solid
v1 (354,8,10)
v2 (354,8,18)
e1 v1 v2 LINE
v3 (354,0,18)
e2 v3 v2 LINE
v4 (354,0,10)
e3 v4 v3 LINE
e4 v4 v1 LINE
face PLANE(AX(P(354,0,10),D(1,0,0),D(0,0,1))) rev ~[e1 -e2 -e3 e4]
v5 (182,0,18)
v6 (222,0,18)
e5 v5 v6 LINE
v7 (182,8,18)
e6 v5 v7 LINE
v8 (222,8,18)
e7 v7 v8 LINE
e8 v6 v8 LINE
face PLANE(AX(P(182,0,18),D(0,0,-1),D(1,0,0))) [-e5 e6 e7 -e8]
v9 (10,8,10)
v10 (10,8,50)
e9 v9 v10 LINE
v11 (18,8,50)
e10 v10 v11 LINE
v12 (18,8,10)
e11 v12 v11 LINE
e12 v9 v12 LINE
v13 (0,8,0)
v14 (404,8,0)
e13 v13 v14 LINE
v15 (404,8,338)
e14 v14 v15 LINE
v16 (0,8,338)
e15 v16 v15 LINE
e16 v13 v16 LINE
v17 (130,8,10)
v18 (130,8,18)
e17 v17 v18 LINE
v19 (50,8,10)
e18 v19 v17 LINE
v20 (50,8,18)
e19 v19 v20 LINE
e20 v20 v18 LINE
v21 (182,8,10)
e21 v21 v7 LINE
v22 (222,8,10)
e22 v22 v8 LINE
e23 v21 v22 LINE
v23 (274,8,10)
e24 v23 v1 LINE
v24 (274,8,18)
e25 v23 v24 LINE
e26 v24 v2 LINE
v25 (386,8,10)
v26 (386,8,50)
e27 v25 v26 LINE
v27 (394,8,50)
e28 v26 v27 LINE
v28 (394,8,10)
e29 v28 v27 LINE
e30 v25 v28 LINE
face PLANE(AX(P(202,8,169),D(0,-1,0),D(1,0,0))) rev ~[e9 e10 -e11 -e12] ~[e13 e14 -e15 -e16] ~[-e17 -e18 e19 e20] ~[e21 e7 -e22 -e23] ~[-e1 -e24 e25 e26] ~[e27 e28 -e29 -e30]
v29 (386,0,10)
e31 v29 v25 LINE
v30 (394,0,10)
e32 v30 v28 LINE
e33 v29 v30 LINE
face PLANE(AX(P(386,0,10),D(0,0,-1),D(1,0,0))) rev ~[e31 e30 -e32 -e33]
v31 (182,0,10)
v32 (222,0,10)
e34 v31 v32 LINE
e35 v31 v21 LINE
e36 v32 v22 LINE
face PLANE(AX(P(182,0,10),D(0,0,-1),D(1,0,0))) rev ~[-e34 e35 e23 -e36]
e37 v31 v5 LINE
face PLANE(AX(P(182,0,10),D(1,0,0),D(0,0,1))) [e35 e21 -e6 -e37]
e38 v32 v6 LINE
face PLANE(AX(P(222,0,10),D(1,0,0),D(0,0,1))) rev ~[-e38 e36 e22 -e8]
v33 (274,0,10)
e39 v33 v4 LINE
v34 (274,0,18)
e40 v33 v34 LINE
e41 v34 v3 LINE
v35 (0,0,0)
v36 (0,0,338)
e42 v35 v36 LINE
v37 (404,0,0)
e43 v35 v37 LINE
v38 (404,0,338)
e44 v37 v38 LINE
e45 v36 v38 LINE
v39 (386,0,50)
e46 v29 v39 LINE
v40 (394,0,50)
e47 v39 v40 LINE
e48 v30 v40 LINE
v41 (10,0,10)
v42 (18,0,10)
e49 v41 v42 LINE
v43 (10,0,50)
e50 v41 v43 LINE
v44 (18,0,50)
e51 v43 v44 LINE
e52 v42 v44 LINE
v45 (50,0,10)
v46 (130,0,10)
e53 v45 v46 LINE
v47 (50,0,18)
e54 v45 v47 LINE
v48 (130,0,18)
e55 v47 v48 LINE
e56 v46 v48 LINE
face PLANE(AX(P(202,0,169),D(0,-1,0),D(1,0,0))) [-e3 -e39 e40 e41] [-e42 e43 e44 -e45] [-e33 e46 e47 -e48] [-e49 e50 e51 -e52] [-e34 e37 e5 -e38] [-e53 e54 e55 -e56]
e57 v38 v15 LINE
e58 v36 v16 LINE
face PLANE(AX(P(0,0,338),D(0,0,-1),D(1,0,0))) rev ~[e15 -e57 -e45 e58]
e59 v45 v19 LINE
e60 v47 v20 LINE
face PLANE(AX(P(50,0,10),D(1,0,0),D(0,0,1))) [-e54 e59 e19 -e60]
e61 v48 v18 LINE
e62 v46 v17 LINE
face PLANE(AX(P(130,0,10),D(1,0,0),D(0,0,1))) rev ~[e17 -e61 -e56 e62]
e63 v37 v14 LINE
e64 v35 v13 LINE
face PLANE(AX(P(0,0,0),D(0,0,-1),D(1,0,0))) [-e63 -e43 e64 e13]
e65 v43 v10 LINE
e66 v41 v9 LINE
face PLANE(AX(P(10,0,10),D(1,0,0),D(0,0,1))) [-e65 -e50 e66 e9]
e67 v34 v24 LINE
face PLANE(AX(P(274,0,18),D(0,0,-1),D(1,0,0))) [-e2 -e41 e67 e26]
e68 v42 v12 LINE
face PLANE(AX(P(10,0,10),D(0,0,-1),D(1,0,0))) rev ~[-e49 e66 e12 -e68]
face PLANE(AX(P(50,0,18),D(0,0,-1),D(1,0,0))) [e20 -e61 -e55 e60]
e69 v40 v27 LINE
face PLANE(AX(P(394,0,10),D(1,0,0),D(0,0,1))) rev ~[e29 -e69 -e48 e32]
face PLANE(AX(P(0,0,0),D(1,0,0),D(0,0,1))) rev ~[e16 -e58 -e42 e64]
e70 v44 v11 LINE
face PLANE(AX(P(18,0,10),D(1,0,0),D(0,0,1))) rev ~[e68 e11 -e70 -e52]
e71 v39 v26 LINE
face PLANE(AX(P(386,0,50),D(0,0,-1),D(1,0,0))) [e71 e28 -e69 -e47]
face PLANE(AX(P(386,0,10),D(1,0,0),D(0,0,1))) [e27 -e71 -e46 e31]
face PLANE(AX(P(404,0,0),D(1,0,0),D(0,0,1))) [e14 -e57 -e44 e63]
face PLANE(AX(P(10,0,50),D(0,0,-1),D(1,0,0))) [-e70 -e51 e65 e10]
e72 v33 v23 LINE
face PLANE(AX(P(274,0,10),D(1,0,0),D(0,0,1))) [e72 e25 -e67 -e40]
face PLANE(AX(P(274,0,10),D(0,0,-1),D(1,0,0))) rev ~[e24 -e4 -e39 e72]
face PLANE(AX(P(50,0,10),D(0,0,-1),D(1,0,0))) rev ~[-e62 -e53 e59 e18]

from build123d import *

# Parameters (mm, degrees)
F0_W     = 404
F0_H     = 338
F0_W_2   = 8
F0_H_2   = 40
F0_W_3   = 80
F0_H_3   = 8
F0_W_4   = 40
F1_DEPTH = 8


with BuildPart() as f1:
    # F0 (on Front) → F1 (new body)
    with BuildSketch(Plane.XZ):
        with Locations((202, 169)):
            Rectangle(F0_W, F0_H)
        with Locations((14, 30)):
            Rectangle(F0_W_2, F0_H_2, mode=Mode.SUBTRACT)
        with Locations((90, 14)):
            Rectangle(F0_W_3, F0_H_3, mode=Mode.SUBTRACT)
        with Locations((202, 14)):
            Rectangle(F0_W_4, F0_H_3, mode=Mode.SUBTRACT)
        with Locations((314, 14)):
            Rectangle(F0_W_3, F0_H_3, mode=Mode.SUBTRACT)
        with Locations((390, 30)):
            Rectangle(F0_W_2, F0_H_2, mode=Mode.SUBTRACT)
    extrude(amount=-F1_DEPTH)


solid = f1.part
